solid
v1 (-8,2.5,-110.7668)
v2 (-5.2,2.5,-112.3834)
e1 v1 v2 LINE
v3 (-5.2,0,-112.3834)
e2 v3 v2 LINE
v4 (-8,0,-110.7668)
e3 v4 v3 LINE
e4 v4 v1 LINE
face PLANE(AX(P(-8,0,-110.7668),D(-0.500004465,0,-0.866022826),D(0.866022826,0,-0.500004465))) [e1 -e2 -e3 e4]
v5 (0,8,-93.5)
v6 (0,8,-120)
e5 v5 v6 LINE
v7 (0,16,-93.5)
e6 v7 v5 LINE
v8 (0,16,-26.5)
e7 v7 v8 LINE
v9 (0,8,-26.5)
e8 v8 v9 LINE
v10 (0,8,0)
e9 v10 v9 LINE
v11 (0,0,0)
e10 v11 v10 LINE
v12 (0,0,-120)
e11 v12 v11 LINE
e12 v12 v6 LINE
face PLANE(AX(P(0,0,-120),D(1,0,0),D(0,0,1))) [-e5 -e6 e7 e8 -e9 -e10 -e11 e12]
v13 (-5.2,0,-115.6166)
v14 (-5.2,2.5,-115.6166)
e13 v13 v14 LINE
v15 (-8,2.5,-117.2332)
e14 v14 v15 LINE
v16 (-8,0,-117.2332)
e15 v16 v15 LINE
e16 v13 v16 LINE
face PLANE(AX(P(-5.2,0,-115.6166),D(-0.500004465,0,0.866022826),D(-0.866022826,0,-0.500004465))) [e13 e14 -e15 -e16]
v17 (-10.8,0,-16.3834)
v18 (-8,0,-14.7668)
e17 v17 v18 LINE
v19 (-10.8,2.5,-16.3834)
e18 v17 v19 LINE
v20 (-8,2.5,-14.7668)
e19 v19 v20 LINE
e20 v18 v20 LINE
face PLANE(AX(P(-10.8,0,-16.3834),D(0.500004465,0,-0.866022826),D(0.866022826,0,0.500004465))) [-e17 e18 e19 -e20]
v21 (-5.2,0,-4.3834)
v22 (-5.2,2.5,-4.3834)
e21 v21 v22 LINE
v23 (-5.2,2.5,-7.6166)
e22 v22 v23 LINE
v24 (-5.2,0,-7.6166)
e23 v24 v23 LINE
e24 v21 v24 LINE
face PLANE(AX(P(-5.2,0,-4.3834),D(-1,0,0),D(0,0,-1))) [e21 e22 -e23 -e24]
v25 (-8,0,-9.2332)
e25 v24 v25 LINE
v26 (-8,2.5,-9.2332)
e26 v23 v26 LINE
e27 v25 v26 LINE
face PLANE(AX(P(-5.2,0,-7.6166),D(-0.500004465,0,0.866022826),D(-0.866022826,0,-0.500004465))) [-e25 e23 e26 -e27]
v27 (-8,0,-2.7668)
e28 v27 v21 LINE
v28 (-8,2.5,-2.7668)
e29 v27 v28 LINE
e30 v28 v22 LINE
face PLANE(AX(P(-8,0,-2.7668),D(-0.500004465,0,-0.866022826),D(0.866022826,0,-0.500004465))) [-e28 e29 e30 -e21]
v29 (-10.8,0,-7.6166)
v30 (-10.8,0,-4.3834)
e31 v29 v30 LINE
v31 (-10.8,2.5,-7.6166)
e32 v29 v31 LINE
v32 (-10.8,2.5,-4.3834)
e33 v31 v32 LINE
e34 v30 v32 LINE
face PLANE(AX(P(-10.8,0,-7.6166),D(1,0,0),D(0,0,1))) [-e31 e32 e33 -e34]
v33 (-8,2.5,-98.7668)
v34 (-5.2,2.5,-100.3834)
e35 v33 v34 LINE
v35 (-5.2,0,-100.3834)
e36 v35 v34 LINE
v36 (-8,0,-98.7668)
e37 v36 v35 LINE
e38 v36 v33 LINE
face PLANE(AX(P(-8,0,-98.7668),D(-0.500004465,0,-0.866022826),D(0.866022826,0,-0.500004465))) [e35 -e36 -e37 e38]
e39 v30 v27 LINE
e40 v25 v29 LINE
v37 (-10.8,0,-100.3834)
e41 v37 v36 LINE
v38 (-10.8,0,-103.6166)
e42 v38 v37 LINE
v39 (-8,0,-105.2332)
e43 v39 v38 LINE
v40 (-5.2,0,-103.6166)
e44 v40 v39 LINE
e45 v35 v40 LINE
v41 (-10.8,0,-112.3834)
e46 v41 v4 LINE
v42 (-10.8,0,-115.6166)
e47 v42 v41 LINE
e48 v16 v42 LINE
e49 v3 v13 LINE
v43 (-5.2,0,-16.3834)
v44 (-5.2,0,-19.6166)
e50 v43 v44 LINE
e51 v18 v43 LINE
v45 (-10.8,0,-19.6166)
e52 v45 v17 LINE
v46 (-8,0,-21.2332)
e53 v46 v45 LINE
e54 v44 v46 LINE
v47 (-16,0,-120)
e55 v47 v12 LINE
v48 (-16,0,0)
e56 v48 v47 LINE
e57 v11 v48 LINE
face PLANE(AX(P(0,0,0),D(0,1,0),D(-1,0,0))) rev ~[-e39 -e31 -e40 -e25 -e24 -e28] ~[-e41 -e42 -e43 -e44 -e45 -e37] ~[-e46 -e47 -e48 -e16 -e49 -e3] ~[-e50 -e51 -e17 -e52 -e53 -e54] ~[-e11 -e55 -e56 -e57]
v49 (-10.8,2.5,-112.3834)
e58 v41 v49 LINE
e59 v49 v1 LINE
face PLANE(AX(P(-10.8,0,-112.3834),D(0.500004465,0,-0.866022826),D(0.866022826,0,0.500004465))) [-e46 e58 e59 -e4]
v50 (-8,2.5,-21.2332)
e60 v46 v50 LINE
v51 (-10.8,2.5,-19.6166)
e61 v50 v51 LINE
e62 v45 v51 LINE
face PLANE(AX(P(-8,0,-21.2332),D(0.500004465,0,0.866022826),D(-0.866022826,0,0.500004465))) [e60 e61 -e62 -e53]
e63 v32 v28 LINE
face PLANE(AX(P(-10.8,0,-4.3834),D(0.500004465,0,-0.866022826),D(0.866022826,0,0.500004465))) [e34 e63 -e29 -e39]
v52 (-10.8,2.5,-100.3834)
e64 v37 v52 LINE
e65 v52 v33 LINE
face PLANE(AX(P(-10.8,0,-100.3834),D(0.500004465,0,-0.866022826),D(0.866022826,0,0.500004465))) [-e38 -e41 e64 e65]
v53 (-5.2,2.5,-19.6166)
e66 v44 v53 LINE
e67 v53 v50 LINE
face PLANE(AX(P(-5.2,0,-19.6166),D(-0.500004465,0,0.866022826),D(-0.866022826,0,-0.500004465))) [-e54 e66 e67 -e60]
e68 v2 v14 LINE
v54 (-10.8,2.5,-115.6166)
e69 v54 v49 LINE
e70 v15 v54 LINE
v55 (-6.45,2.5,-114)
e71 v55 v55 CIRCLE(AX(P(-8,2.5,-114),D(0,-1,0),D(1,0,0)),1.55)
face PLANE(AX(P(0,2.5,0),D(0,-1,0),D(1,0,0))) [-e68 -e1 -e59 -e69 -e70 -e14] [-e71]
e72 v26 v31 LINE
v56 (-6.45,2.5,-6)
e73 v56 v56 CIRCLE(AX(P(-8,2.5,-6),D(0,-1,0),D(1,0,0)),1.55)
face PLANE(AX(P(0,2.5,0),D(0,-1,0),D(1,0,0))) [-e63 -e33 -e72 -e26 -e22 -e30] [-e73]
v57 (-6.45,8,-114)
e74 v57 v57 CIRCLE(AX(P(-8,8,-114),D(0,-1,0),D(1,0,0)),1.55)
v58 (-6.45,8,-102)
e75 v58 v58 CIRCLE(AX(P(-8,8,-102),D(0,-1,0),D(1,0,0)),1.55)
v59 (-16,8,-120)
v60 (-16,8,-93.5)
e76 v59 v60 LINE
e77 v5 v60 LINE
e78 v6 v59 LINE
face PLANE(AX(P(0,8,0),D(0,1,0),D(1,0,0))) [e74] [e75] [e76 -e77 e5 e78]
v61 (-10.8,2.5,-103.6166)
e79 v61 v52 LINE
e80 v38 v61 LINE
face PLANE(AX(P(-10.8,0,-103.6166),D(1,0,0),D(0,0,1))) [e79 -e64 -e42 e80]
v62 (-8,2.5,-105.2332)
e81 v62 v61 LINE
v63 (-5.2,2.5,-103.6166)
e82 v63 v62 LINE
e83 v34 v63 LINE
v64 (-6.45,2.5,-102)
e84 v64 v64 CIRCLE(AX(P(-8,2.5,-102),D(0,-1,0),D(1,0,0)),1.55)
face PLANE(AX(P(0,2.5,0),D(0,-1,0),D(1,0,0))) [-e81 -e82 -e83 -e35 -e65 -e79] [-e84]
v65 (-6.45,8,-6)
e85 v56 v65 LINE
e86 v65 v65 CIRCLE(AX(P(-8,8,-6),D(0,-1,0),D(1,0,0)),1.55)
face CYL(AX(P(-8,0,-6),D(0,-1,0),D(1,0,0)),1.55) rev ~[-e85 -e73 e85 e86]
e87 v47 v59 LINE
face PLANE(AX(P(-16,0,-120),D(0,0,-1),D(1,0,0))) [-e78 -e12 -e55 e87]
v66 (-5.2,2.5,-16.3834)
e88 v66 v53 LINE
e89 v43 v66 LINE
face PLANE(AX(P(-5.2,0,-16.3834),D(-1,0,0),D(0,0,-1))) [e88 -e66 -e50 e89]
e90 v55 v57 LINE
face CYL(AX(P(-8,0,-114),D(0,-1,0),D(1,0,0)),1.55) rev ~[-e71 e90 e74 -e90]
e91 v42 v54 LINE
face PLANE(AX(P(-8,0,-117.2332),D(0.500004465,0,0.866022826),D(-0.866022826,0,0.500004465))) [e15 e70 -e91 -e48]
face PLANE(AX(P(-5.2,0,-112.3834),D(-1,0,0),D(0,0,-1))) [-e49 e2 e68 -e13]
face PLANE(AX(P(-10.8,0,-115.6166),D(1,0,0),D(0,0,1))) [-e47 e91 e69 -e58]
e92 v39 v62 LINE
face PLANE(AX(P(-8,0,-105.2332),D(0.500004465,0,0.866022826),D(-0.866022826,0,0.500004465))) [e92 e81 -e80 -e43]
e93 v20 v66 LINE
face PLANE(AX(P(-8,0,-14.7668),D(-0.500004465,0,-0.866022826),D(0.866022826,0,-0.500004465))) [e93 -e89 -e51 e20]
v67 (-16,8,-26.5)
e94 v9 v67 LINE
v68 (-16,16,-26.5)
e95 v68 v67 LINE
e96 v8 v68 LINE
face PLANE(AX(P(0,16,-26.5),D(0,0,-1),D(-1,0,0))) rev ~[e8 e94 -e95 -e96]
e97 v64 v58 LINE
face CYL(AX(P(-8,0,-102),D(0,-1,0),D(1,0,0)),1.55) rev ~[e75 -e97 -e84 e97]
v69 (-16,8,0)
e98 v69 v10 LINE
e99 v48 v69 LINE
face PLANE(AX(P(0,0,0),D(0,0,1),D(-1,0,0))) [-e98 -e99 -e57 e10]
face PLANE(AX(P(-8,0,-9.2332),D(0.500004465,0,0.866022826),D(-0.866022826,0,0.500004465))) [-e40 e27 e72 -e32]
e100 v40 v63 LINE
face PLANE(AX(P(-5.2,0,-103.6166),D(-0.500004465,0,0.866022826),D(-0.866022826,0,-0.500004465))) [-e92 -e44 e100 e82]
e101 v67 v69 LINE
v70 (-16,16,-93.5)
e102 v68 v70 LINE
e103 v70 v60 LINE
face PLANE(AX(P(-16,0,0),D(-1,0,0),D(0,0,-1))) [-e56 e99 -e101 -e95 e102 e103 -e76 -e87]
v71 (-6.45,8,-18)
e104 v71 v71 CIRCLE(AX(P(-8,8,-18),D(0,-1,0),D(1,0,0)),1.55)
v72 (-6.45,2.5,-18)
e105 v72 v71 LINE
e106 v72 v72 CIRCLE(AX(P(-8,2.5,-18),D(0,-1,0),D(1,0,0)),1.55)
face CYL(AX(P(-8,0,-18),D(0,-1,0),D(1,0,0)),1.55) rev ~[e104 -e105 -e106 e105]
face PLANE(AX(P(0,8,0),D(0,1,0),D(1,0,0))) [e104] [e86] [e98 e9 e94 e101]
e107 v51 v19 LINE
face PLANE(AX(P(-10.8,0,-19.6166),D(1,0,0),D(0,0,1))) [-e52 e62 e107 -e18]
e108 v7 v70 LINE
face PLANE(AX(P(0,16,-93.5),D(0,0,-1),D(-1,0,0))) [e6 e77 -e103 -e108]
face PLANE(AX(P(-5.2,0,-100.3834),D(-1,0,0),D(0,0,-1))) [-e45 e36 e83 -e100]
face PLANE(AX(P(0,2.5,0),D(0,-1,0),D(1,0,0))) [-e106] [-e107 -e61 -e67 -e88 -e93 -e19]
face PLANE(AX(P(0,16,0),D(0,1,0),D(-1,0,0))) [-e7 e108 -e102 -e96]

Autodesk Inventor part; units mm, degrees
ref_plane "YZ Plane" through (0, 0, 0) normal (1, 0, 0) x (0, 1, 0)
ref_plane "XZ Plane" through (0, 0, 0) normal (0, 1, 0) x (-1, 0, 0)
ref_plane "XY Plane" through (0, 0, 0) normal (0, 0, 1) x (1, 0, 0)
sketch "Sketch1" plane through (0, 0, 0) normal (0, 1, 0) x (-1, 0, 0)
  line L0 (0, 0) -> (16, 0)
  line L1 (16, 0) -> (16, -120)
  line L2 (16, -120) -> (0, -120)
  line L3 (0, -120) -> (0, 0)
  dimension "d0" = 120
  dimension "d1" = 16
extrude "Extrusion" add sketch "Sketch1" along normal blind 16
sketch "Sketch2" plane through (0, 16, 0) normal (0, 1, 0) x (1, 0, 0)
  line L0 (0, 120) -> (-16, 120) projected
  line L1 (-16, 120) -> (-16, 0) projected
  line L2 (-16, 0) -> (0, 0) projected
  line L3 (0, 0) -> (0, 120) projected
  line L4 (-16, 120) -> (-16, 0) projected
  line L5 (-16, 0) -> (0, 0)
  line L6 (0, 0) -> (0, 26.5)
  line L7 (0, 26.5) -> (-16, 26.5)
  line L8 (-16, 26.5) -> (-16, 0)
  line L9 (0, 0) -> (0, 120) projected
  line L10 (-16, 120) -> (0, 120)
  line L11 (0, 120) -> (0, 93.5)
  line L12 (0, 93.5) -> (-16, 93.5)
  line L13 (-16, 93.5) -> (-16, 120)
  point P0 (-8, 26.5)
  point P1 (-16, 93.5)
  point P2 (-16, 26.5)
  dimension "d4" = 26.5
  dimension "d5" = 26.5
extrude "Extrusion2" cut sketch "Sketch2" against normal blind 8 contours L3 L12 L1 L0 | L3 L2 L1 L7
sketch "Sketch3" plane through (0, 0, 0) normal (0, -1, 0) x (1, 0, 0)
  line L0 (0, -120) -> (-16, -120) projected
  line L1 (0, 0) -> (0, -120) projected
  line L2 (-16, 0) -> (0, 0) projected
  line L3 (-16, -120) -> (-16, 0) projected
  circle A0 centre (-8, -6) radius 1.55
  line L4 (0, -26.5) -> (0, -93.5) construction
  line L5 (0, -60) -> (-16, -60) construction
  line L6 (-16, -120) -> (-16, 0) construction
  circle A1 centre (-8, -18) radius 1.55
  circle A2 centre (-8, -114) radius 1.55
  circle A3 centre (-8, -102) radius 1.55
  dimension "d8" = 3.1
  dimension "d9" = 8
  dimension "d10" = 6
  dimension "d11" = 12
extrude "Extrusion3" cut sketch "Sketch3" against normal through all contours A0 | A1 | A2 | A3
sketch "Sketch4" plane through (0, 0, 0) normal (0, -1, 0) x (1, 0, 0)
  circle A0 centre (-8, -6) radius 1.55 projected
  circle A1 centre (-8, -114) radius 1.55 projected
  circle A2 centre (-8, -18) radius 1.55 projected
  circle A3 centre (-8, -102) radius 1.55 projected
  line L0 (0, -120) -> (-16, -120) projected
  line L1 (0, 0) -> (0, -120) projected
  line L2 (-16, 0) -> (0, 0) projected
  line L3 (-16, -120) -> (-16, 0) projected
  circle A4 centre (-8, -6) radius 1.55 projected
  line L4 (-8, -2.7668) -> (-5.2, -4.3834)
  line L5 (-5.2, -4.3834) -> (-5.2, -7.6166)
  line L6 (-5.2, -7.6166) -> (-8, -9.2332)
  line L7 (-8, -9.2332) -> (-10.8, -7.6166)
  line L8 (-10.8, -7.6166) -> (-10.8, -4.3834)
  line L9 (-10.8, -4.3834) -> (-8, -2.7668)
  line L10 (-8, -14.7668) -> (-5.2, -16.3834)
  line L11 (-5.2, -16.3834) -> (-5.2, -19.6166)
  line L12 (-5.2, -19.6166) -> (-8, -21.2332)
  line L13 (-8, -21.2332) -> (-10.8, -19.6166)
  line L14 (-10.8, -19.6166) -> (-10.8, -16.3834)
  line L15 (-10.8, -16.3834) -> (-8, -14.7668)
  line L16 (-8, -98.7668) -> (-5.2, -100.3834)
  line L17 (-5.2, -100.3834) -> (-5.2, -103.6166)
  line L18 (-5.2, -103.6166) -> (-8, -105.2332)
  line L19 (-8, -105.2332) -> (-10.8, -103.6166)
  line L20 (-10.8, -103.6166) -> (-10.8, -100.3834)
  line L21 (-10.8, -100.3834) -> (-8, -98.7668)
  line L22 (-8, -110.7668) -> (-5.2, -112.3834)
  line L23 (-5.2, -112.3834) -> (-5.2, -115.6166)
  line L24 (-5.2, -115.6166) -> (-8, -117.2332)
  line L25 (-8, -117.2332) -> (-10.8, -115.6166)
  line L26 (-10.8, -115.6166) -> (-10.8, -112.3834)
  line L27 (-10.8, -112.3834) -> (-8, -110.7668)
  dimension "d14" = 5.6
  dimension "d15" = 5.6
  dimension "d16" = 5.6
  dimension "d17" = 5.6
extrude "Extrusion4" cut sketch "Sketch4" against normal blind 2.5 contours L4 L5 L6 L7 L8 L9 | L10 L11 L12 L13 L14 L15 | L16 L17 L18 L19 L20 L21 | L22 L23 L24 L25 L26 L27
properties part number "A_base"
